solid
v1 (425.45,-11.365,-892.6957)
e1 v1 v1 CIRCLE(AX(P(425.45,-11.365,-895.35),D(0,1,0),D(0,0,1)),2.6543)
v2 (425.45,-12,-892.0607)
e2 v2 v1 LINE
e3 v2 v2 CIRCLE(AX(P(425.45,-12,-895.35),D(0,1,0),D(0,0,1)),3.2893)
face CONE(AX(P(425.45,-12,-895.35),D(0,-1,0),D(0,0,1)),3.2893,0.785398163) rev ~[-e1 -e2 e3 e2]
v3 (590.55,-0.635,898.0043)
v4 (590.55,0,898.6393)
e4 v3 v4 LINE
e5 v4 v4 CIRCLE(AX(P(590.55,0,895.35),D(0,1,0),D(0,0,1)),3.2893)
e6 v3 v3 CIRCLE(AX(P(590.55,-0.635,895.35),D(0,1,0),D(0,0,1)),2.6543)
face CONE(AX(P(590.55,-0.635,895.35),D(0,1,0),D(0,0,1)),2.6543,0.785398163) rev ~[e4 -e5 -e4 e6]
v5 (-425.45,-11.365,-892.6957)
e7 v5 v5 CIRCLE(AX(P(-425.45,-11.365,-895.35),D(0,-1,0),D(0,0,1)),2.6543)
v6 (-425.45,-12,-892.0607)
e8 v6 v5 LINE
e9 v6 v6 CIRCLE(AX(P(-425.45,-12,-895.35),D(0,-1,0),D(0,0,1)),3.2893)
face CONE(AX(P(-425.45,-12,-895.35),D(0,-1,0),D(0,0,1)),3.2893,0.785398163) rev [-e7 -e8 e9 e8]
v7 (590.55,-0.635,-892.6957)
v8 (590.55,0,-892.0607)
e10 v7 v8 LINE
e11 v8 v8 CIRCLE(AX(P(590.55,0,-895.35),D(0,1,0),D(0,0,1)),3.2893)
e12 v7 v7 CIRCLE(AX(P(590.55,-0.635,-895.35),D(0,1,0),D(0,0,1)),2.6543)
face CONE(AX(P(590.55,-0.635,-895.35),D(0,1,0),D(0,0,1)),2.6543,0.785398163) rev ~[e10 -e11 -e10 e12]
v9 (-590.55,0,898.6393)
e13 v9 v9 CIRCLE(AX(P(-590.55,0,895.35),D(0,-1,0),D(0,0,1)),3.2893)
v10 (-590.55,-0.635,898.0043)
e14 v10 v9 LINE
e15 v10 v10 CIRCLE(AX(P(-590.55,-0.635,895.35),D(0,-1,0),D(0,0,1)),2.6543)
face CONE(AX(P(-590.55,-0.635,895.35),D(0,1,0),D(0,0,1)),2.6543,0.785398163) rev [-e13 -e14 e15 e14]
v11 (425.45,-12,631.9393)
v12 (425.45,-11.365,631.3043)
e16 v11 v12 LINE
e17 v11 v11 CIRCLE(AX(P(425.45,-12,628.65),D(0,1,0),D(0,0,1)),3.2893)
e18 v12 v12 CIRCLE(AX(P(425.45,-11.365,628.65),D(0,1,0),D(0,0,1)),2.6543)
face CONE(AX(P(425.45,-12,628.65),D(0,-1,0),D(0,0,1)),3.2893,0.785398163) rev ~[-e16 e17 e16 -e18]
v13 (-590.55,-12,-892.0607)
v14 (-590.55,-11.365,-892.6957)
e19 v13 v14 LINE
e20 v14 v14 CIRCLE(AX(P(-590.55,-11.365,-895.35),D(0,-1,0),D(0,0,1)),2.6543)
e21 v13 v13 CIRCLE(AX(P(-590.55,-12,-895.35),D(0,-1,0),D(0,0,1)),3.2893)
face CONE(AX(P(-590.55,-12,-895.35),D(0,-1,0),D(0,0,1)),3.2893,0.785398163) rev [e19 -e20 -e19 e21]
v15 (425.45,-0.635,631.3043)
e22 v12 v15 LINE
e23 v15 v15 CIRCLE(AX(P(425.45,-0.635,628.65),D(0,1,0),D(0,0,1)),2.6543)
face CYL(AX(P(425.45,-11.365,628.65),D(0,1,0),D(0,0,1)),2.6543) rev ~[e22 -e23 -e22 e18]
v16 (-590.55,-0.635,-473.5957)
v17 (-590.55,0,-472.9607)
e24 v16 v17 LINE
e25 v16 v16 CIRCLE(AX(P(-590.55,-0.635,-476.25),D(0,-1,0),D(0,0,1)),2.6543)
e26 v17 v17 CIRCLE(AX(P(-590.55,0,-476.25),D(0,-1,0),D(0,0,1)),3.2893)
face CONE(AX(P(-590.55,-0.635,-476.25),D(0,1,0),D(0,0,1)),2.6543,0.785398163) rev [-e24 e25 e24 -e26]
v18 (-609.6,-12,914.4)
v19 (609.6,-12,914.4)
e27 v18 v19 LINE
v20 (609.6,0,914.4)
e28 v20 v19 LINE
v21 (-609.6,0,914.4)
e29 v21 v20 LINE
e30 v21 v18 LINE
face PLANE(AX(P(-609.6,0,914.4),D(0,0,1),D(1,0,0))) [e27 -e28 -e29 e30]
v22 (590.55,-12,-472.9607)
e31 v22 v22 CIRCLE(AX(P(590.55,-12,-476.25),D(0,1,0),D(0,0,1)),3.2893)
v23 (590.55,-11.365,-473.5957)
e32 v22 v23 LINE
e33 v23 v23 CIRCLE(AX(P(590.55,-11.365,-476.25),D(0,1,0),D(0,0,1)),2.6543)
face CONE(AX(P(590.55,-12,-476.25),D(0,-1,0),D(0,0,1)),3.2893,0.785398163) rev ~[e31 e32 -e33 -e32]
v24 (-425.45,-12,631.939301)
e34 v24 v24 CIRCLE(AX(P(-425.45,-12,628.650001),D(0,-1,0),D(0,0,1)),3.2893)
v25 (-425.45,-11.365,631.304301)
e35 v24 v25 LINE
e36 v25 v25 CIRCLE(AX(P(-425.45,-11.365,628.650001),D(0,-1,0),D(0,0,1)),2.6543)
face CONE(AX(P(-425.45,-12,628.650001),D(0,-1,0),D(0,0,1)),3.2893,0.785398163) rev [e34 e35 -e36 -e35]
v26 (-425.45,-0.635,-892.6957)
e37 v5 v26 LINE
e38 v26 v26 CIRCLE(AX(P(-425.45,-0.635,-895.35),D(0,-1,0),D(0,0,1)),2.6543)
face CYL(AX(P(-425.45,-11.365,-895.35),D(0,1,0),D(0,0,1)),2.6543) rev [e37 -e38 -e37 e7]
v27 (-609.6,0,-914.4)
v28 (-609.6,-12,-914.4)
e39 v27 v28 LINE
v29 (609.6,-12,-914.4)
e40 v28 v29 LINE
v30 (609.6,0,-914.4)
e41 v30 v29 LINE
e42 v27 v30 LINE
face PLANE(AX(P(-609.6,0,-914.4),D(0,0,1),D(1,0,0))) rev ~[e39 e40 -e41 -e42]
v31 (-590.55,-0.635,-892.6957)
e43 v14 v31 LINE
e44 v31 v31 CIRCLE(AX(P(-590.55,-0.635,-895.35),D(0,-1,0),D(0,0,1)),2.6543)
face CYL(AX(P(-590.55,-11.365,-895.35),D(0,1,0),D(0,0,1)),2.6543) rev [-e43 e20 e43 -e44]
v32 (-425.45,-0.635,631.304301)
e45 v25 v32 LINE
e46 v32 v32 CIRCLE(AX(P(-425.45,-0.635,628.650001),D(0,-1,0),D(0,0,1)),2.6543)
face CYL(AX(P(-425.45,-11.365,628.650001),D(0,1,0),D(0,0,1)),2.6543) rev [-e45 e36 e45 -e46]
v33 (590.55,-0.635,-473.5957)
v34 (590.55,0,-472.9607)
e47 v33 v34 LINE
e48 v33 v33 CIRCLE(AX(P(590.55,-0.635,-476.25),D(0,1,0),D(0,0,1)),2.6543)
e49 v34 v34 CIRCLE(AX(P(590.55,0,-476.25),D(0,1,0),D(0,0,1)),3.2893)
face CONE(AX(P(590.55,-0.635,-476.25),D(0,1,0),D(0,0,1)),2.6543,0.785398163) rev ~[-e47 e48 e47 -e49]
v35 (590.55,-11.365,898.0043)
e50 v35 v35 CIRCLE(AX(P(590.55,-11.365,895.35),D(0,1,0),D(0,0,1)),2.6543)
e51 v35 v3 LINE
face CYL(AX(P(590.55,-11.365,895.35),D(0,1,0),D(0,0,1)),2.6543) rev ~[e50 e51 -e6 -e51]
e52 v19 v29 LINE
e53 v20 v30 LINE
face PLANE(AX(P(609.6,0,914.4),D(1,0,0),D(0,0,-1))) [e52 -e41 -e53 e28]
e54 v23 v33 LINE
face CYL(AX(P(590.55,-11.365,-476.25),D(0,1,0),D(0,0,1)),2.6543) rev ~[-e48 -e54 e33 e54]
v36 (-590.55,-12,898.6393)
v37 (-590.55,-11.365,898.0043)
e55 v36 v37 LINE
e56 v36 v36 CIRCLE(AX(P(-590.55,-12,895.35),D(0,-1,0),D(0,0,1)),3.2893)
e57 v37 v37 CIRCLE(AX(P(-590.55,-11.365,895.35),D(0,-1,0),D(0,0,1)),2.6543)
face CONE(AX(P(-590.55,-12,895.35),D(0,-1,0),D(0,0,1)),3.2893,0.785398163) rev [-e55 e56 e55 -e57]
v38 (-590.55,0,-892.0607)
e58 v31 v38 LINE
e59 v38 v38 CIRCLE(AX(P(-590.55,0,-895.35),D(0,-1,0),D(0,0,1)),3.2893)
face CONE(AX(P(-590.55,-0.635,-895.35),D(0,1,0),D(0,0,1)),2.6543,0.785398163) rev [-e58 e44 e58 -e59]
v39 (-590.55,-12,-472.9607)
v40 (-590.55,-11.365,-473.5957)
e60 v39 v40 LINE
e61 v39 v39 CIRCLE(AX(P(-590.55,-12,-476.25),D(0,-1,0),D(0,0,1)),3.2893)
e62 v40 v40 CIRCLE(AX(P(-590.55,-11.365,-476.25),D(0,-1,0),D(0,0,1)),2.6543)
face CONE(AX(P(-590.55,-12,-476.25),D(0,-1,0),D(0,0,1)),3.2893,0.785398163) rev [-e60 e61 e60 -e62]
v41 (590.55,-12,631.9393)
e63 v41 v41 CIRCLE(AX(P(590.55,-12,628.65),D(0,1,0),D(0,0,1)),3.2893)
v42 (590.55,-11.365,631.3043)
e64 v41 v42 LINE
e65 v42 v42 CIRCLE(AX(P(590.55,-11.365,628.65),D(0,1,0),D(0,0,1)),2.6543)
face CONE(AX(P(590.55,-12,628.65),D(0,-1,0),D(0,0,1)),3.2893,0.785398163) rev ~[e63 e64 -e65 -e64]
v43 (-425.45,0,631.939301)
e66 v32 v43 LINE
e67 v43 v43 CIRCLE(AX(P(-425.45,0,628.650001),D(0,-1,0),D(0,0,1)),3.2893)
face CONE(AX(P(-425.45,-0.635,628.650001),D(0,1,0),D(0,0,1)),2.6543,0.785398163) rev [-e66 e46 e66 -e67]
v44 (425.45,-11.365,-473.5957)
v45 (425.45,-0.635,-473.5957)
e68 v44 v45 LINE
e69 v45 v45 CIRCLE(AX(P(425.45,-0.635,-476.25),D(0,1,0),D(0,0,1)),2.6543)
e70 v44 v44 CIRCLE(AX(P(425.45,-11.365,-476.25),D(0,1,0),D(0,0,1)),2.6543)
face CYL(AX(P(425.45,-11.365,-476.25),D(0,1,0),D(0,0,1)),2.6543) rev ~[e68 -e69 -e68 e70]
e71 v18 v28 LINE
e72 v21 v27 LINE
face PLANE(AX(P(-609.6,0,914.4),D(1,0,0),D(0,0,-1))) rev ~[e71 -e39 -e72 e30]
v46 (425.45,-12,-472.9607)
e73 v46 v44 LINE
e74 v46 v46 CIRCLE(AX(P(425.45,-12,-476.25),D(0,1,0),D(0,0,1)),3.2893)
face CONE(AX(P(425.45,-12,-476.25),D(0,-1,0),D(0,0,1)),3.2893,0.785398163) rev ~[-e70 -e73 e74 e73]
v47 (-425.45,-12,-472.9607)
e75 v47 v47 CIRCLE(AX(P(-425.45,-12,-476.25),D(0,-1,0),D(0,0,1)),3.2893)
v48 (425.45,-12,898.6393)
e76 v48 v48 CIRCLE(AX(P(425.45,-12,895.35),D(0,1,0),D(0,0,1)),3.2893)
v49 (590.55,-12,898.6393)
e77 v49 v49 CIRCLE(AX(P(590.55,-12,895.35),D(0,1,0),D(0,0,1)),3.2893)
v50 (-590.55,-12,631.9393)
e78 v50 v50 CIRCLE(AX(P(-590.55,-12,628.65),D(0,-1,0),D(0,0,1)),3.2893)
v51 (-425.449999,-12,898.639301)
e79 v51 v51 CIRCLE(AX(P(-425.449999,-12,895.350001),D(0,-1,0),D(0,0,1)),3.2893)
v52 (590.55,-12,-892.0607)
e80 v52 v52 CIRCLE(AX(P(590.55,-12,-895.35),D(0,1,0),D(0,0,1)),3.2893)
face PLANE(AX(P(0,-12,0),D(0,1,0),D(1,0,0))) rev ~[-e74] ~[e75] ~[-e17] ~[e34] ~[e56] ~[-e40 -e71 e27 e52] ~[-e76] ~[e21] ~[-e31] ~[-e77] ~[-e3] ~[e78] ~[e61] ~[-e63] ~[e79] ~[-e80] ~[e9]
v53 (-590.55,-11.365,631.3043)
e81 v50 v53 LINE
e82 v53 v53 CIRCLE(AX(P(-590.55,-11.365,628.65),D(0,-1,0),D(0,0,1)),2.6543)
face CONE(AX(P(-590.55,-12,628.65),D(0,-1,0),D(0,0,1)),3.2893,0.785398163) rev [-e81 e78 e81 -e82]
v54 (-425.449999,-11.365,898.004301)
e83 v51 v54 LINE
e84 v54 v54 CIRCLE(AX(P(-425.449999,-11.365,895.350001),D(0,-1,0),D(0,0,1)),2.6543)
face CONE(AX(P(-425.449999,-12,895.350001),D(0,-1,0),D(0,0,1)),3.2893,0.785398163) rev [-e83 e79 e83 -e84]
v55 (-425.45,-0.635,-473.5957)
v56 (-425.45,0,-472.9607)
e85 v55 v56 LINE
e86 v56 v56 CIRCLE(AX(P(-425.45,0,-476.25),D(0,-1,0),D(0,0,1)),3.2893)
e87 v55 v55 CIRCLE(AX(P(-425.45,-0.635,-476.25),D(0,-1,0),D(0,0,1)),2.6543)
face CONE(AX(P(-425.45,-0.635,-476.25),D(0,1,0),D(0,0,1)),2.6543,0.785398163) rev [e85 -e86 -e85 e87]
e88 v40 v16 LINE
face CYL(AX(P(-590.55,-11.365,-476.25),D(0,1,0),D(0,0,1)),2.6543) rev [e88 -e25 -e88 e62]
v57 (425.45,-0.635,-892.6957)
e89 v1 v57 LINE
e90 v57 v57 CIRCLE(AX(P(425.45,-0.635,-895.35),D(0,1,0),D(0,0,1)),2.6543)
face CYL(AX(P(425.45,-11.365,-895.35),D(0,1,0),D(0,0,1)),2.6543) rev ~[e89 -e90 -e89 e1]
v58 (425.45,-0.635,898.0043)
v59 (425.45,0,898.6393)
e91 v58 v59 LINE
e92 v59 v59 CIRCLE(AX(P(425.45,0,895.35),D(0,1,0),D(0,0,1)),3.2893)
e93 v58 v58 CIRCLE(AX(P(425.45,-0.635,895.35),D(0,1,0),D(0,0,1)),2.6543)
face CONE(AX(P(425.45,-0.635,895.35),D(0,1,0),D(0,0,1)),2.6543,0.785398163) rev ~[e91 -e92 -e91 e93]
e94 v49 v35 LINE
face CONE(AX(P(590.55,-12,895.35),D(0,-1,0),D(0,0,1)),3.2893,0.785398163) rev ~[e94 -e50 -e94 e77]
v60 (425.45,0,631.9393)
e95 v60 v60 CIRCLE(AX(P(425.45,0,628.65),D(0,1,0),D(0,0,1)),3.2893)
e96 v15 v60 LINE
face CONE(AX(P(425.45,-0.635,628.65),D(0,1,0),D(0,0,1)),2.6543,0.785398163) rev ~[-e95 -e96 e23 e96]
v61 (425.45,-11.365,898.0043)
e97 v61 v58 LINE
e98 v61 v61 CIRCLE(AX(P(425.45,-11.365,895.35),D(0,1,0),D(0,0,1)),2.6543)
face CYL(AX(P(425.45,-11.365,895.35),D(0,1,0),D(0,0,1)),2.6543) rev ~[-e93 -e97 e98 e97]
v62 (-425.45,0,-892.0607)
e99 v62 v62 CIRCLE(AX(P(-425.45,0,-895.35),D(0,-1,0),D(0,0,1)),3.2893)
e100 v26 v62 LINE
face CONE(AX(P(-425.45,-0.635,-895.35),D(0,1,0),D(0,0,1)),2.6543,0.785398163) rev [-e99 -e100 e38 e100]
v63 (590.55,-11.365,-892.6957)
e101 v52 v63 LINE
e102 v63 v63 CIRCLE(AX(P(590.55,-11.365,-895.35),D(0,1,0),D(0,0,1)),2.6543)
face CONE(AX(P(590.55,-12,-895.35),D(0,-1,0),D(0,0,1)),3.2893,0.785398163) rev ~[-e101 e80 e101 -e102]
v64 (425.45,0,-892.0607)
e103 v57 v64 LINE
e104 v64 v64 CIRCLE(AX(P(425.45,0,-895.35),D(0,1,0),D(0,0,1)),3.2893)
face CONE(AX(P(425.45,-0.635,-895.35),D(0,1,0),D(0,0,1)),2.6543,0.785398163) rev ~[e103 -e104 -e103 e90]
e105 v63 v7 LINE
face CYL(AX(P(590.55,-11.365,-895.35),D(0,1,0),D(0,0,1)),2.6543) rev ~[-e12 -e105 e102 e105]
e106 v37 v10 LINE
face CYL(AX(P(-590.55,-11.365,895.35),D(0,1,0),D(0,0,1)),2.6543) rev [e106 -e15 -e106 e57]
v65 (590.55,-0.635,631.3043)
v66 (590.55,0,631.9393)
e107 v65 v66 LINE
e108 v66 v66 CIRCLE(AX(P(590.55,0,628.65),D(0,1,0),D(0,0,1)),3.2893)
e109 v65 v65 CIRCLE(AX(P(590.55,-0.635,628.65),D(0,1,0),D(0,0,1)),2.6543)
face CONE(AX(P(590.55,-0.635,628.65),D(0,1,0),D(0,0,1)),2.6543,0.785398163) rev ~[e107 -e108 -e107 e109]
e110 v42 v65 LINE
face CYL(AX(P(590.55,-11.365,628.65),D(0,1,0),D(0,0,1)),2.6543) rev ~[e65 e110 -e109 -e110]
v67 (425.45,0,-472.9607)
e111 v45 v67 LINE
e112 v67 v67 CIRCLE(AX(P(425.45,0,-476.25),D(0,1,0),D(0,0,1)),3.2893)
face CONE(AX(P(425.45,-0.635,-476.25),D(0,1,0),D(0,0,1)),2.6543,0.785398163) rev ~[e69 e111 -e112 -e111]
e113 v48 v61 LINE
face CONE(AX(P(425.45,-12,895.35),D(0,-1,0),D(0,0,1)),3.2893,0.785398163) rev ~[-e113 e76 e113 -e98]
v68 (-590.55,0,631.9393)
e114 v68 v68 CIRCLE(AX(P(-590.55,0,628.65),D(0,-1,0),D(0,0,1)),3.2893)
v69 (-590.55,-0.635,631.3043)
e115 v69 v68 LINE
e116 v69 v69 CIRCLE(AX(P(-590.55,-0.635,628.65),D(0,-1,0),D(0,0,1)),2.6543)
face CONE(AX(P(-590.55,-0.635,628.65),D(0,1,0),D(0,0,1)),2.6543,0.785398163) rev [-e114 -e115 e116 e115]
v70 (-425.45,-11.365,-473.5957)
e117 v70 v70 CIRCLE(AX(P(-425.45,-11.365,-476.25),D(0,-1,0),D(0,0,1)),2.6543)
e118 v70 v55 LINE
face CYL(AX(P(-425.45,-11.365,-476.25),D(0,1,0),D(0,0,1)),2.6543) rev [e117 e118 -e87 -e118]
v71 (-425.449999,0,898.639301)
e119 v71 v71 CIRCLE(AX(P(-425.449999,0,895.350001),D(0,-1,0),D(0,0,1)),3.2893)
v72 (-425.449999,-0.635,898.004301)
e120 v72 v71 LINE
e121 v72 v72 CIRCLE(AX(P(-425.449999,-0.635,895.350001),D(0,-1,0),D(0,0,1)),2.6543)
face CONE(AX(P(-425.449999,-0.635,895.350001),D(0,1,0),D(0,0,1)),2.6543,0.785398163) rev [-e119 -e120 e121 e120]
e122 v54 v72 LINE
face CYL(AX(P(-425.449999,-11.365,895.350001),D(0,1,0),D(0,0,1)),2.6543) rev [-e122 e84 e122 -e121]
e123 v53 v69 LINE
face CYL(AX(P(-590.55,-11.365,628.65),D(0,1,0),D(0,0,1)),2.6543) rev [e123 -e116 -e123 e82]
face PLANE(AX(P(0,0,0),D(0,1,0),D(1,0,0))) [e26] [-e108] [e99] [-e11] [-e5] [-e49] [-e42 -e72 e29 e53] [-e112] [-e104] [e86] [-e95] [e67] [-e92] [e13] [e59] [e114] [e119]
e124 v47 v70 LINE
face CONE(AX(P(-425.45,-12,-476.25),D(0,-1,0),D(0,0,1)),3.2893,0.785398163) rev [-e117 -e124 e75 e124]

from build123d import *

# Parameters (mm, degrees)
SKETCH1_W                                 = 1219.2
SKETCH1_H                                 = 1828.8
BOSS_EXTRUDE1_DEPTH                       = 12
F_23_64_0_35938_DIAMETER_HOLE2_AT_2_COUNT = 2
F_23_64_0_35938_DIAMETER_HOLE2_AT_2_PITCH = 165.1
F_23_64_0_35938_DIAMETER_HOLE2_AT_3_COUNT = 2
F_23_64_0_35938_DIAMETER_HOLE2_AT_3_PITCH = 450.447355415
F_23_64_0_35938_DIAMETER_HOLE2_AT_4_COUNT = 2
F_23_64_0_35938_DIAMETER_HOLE2_AT_4_PITCH = 419.1
F_23_64_0_35938_DIAMETER_HOLE2_AT_5_COUNT = 2
F_23_64_0_35938_DIAMETER_HOLE2_AT_5_PITCH = 1524
F_23_64_0_35938_DIAMETER_HOLE2_AT_6_COUNT = 2
F_23_64_0_35938_DIAMETER_HOLE2_AT_6_PITCH = 1532.916830751
F_23_64_0_35938_DIAMETER_HOLE2_AT_7_COUNT = 2
F_23_64_0_35938_DIAMETER_HOLE2_AT_7_PITCH = 1798.29488683
F_23_64_0_35938_DIAMETER_HOLE2_AT_8_COUNT = 2
F_23_64_0_35938_DIAMETER_HOLE2_AT_8_PITCH = 1790.7


with BuildPart() as part:
    # Sketch1 → Boss-Extrude1 (new body)
    with BuildSketch(Plane(origin=(0, 0, 0), x_dir=(1, 0, 0), z_dir=(0, 1, 0))):
        Rectangle(SKETCH1_W, SKETCH1_H)
    extrude(amount=-BOSS_EXTRUDE1_DEPTH)

    # Sketch6 → 23_64 _0.35938_ Diameter Hole2 (revolve, cut)
    with BuildSketch(Plane(origin=(-590.55, 0, -895.35), x_dir=(0, 0, 1), z_dir=(1, 0, 0))):
        Polygon((0, 0), (0, 12), (3.2893, 12), (2.6543, 11.365), (2.6543, 0.635), (3.2893, 0), align=None)
    f_23_64_0_35938_diameter_hole2 = revolve(axis=Axis((-590.55, 6.35, -895.35), (0, -1, 0)), mode=Mode.SUBTRACT)

    # 23_64 _0.35938_ Diameter Hole2 at 2: 23_64 _0.35938_ Diameter Hole2 ×2
    with Locations(*[(i * F_23_64_0_35938_DIAMETER_HOLE2_AT_2_PITCH, 0, 0) for i in range(1, F_23_64_0_35938_DIAMETER_HOLE2_AT_2_COUNT)]):
        add(f_23_64_0_35938_diameter_hole2, mode=Mode.SUBTRACT)

    # 23_64 _0.35938_ Diameter Hole2 at 3: 23_64 _0.35938_ Diameter Hole2 ×2
    with Locations(*[Vector(0.3665245183824908, 0, 0.9304083928170915) * (i * F_23_64_0_35938_DIAMETER_HOLE2_AT_3_PITCH) for i in range(1, F_23_64_0_35938_DIAMETER_HOLE2_AT_3_COUNT)]):
        add(f_23_64_0_35938_diameter_hole2, mode=Mode.SUBTRACT)

    # 23_64 _0.35938_ Diameter Hole2 at 4: 23_64 _0.35938_ Diameter Hole2 ×2
    with Locations(*[(0, 0, i * F_23_64_0_35938_DIAMETER_HOLE2_AT_4_PITCH) for i in range(1, F_23_64_0_35938_DIAMETER_HOLE2_AT_4_COUNT)]):
        add(f_23_64_0_35938_diameter_hole2, mode=Mode.SUBTRACT)

    # 23_64 _0.35938_ Diameter Hole2 at 5: 23_64 _0.35938_ Diameter Hole2 ×2
    with Locations(*[(0, 0, i * F_23_64_0_35938_DIAMETER_HOLE2_AT_5_PITCH) for i in range(1, F_23_64_0_35938_DIAMETER_HOLE2_AT_5_COUNT)]):
        add(f_23_64_0_35938_diameter_hole2, mode=Mode.SUBTRACT)

    # 23_64 _0.35938_ Diameter Hole2 at 6: 23_64 _0.35938_ Diameter Hole2 ×2
    with Locations(*[Vector(0.1077031686833943, 0, 0.9941830955390242) * (i * F_23_64_0_35938_DIAMETER_HOLE2_AT_6_PITCH) for i in range(1, F_23_64_0_35938_DIAMETER_HOLE2_AT_6_COUNT)]):
        add(f_23_64_0_35938_diameter_hole2, mode=Mode.SUBTRACT)

    # 23_64 _0.35938_ Diameter Hole2 at 7: 23_64 _0.35938_ Diameter Hole2 ×2
    with Locations(*[Vector(0.09180919170103835, 0, 0.9957766176804926) * (i * F_23_64_0_35938_DIAMETER_HOLE2_AT_7_PITCH) for i in range(1, F_23_64_0_35938_DIAMETER_HOLE2_AT_7_COUNT)]):
        add(f_23_64_0_35938_diameter_hole2, mode=Mode.SUBTRACT)

    # 23_64 _0.35938_ Diameter Hole2 at 8: 23_64 _0.35938_ Diameter Hole2 ×2
    with Locations(*[(0, 0, i * F_23_64_0_35938_DIAMETER_HOLE2_AT_8_PITCH) for i in range(1, F_23_64_0_35938_DIAMETER_HOLE2_AT_8_COUNT)]):
        add(f_23_64_0_35938_diameter_hole2, mode=Mode.SUBTRACT)

    # Mirror1: 23_64 _0.35938_ Diameter Hole2 across plane
    add(f_23_64_0_35938_diameter_hole2.mirror(Plane(origin=(0, 0, 0), x_dir=(0, 0, 1), z_dir=(1, 0, 0))), mode=Mode.SUBTRACT)

    # Mirror1 copy 1 sketch → Mirror1 copy 1 (revolve, cut)
    with BuildSketch(Plane(origin=(425.45, 0, -895.35), x_dir=(0, 0, 1), z_dir=(-1, 0, 0))):
        Polygon((0, 0), (0, -12), (3.2893, -12), (2.6543, -11.365), (2.6543, -0.635), (3.2893, 0), align=None)
    revolve(axis=Axis((425.45, 6.35, -895.35), (0, 1, 0)), mode=Mode.SUBTRACT)

    # Mirror1 copy 2 sketch → Mirror1 copy 2 (revolve, cut)
    with BuildSketch(Plane(origin=(425.45, 0, -476.25), x_dir=(0, 0, 1), z_dir=(-1, 0, 0))):
        Polygon((0, 0), (0, -12), (3.2893, -12), (2.6543, -11.365), (2.6543, -0.635), (3.2893, 0), align=None)
    revolve(axis=Axis((425.45, 6.35, -476.25), (0, 1, 0)), mode=Mode.SUBTRACT)

    # Mirror1 copy 3 sketch → Mirror1 copy 3 (revolve, cut)
    with BuildSketch(Plane(origin=(590.55, 0, -476.25), x_dir=(0, 0, 1), z_dir=(-1, 0, 0))):
        Polygon((0, 0), (0, -12), (3.2893, -12), (2.6543, -11.365), (2.6543, -0.635), (3.2893, 0), align=None)
    revolve(axis=Axis((590.55, 6.35, -476.25), (0, 1, 0)), mode=Mode.SUBTRACT)

    # Mirror1 copy 4 sketch → Mirror1 copy 4 (revolve, cut)
    with BuildSketch(Plane(origin=(590.55, 0, 628.65), x_dir=(0, 0, 1), z_dir=(-1, 0, 0))):
        Polygon((0, 0), (0, -12), (3.2893, -12), (2.6543, -11.365), (2.6543, -0.635), (3.2893, 0), align=None)
    revolve(axis=Axis((590.55, 6.35, 628.65), (0, 1, 0)), mode=Mode.SUBTRACT)

    # Mirror1 copy 5 sketch → Mirror1 copy 5 (revolve, cut)
    with BuildSketch(Plane(origin=(425.45, 0, 628.65), x_dir=(0, 0, 1), z_dir=(-1, 0, 0))):
        Polygon((0, 0), (0, -12), (3.2893, -12), (2.6543, -11.365), (2.6543, -0.635), (3.2893, 0), align=None)
    revolve(axis=Axis((425.45, 6.35, 628.65), (0, 1, 0)), mode=Mode.SUBTRACT)

    # Mirror1 copy 6 sketch → Mirror1 copy 6 (revolve, cut)
    with BuildSketch(Plane(origin=(425.45, 0, 895.35), x_dir=(0, 0, 1), z_dir=(-1, 0, 0))):
        Polygon((0, 0), (0, -12), (3.2893, -12), (2.6543, -11.365), (2.6543, -0.635), (3.2893, 0), align=None)
    revolve(axis=Axis((425.45, 6.35, 895.35), (0, 1, 0)), mode=Mode.SUBTRACT)

    # Mirror1 copy 7 sketch → Mirror1 copy 7 (revolve, cut)
    with BuildSketch(Plane(origin=(590.55, 0, 895.35), x_dir=(0, 0, 1), z_dir=(-1, 0, 0))):
        Polygon((0, 0), (0, -12), (3.2893, -12), (2.6543, -11.365), (2.6543, -0.635), (3.2893, 0), align=None)
    revolve(axis=Axis((590.55, 6.35, 895.35), (0, 1, 0)), mode=Mode.SUBTRACT)


solid = part.part
